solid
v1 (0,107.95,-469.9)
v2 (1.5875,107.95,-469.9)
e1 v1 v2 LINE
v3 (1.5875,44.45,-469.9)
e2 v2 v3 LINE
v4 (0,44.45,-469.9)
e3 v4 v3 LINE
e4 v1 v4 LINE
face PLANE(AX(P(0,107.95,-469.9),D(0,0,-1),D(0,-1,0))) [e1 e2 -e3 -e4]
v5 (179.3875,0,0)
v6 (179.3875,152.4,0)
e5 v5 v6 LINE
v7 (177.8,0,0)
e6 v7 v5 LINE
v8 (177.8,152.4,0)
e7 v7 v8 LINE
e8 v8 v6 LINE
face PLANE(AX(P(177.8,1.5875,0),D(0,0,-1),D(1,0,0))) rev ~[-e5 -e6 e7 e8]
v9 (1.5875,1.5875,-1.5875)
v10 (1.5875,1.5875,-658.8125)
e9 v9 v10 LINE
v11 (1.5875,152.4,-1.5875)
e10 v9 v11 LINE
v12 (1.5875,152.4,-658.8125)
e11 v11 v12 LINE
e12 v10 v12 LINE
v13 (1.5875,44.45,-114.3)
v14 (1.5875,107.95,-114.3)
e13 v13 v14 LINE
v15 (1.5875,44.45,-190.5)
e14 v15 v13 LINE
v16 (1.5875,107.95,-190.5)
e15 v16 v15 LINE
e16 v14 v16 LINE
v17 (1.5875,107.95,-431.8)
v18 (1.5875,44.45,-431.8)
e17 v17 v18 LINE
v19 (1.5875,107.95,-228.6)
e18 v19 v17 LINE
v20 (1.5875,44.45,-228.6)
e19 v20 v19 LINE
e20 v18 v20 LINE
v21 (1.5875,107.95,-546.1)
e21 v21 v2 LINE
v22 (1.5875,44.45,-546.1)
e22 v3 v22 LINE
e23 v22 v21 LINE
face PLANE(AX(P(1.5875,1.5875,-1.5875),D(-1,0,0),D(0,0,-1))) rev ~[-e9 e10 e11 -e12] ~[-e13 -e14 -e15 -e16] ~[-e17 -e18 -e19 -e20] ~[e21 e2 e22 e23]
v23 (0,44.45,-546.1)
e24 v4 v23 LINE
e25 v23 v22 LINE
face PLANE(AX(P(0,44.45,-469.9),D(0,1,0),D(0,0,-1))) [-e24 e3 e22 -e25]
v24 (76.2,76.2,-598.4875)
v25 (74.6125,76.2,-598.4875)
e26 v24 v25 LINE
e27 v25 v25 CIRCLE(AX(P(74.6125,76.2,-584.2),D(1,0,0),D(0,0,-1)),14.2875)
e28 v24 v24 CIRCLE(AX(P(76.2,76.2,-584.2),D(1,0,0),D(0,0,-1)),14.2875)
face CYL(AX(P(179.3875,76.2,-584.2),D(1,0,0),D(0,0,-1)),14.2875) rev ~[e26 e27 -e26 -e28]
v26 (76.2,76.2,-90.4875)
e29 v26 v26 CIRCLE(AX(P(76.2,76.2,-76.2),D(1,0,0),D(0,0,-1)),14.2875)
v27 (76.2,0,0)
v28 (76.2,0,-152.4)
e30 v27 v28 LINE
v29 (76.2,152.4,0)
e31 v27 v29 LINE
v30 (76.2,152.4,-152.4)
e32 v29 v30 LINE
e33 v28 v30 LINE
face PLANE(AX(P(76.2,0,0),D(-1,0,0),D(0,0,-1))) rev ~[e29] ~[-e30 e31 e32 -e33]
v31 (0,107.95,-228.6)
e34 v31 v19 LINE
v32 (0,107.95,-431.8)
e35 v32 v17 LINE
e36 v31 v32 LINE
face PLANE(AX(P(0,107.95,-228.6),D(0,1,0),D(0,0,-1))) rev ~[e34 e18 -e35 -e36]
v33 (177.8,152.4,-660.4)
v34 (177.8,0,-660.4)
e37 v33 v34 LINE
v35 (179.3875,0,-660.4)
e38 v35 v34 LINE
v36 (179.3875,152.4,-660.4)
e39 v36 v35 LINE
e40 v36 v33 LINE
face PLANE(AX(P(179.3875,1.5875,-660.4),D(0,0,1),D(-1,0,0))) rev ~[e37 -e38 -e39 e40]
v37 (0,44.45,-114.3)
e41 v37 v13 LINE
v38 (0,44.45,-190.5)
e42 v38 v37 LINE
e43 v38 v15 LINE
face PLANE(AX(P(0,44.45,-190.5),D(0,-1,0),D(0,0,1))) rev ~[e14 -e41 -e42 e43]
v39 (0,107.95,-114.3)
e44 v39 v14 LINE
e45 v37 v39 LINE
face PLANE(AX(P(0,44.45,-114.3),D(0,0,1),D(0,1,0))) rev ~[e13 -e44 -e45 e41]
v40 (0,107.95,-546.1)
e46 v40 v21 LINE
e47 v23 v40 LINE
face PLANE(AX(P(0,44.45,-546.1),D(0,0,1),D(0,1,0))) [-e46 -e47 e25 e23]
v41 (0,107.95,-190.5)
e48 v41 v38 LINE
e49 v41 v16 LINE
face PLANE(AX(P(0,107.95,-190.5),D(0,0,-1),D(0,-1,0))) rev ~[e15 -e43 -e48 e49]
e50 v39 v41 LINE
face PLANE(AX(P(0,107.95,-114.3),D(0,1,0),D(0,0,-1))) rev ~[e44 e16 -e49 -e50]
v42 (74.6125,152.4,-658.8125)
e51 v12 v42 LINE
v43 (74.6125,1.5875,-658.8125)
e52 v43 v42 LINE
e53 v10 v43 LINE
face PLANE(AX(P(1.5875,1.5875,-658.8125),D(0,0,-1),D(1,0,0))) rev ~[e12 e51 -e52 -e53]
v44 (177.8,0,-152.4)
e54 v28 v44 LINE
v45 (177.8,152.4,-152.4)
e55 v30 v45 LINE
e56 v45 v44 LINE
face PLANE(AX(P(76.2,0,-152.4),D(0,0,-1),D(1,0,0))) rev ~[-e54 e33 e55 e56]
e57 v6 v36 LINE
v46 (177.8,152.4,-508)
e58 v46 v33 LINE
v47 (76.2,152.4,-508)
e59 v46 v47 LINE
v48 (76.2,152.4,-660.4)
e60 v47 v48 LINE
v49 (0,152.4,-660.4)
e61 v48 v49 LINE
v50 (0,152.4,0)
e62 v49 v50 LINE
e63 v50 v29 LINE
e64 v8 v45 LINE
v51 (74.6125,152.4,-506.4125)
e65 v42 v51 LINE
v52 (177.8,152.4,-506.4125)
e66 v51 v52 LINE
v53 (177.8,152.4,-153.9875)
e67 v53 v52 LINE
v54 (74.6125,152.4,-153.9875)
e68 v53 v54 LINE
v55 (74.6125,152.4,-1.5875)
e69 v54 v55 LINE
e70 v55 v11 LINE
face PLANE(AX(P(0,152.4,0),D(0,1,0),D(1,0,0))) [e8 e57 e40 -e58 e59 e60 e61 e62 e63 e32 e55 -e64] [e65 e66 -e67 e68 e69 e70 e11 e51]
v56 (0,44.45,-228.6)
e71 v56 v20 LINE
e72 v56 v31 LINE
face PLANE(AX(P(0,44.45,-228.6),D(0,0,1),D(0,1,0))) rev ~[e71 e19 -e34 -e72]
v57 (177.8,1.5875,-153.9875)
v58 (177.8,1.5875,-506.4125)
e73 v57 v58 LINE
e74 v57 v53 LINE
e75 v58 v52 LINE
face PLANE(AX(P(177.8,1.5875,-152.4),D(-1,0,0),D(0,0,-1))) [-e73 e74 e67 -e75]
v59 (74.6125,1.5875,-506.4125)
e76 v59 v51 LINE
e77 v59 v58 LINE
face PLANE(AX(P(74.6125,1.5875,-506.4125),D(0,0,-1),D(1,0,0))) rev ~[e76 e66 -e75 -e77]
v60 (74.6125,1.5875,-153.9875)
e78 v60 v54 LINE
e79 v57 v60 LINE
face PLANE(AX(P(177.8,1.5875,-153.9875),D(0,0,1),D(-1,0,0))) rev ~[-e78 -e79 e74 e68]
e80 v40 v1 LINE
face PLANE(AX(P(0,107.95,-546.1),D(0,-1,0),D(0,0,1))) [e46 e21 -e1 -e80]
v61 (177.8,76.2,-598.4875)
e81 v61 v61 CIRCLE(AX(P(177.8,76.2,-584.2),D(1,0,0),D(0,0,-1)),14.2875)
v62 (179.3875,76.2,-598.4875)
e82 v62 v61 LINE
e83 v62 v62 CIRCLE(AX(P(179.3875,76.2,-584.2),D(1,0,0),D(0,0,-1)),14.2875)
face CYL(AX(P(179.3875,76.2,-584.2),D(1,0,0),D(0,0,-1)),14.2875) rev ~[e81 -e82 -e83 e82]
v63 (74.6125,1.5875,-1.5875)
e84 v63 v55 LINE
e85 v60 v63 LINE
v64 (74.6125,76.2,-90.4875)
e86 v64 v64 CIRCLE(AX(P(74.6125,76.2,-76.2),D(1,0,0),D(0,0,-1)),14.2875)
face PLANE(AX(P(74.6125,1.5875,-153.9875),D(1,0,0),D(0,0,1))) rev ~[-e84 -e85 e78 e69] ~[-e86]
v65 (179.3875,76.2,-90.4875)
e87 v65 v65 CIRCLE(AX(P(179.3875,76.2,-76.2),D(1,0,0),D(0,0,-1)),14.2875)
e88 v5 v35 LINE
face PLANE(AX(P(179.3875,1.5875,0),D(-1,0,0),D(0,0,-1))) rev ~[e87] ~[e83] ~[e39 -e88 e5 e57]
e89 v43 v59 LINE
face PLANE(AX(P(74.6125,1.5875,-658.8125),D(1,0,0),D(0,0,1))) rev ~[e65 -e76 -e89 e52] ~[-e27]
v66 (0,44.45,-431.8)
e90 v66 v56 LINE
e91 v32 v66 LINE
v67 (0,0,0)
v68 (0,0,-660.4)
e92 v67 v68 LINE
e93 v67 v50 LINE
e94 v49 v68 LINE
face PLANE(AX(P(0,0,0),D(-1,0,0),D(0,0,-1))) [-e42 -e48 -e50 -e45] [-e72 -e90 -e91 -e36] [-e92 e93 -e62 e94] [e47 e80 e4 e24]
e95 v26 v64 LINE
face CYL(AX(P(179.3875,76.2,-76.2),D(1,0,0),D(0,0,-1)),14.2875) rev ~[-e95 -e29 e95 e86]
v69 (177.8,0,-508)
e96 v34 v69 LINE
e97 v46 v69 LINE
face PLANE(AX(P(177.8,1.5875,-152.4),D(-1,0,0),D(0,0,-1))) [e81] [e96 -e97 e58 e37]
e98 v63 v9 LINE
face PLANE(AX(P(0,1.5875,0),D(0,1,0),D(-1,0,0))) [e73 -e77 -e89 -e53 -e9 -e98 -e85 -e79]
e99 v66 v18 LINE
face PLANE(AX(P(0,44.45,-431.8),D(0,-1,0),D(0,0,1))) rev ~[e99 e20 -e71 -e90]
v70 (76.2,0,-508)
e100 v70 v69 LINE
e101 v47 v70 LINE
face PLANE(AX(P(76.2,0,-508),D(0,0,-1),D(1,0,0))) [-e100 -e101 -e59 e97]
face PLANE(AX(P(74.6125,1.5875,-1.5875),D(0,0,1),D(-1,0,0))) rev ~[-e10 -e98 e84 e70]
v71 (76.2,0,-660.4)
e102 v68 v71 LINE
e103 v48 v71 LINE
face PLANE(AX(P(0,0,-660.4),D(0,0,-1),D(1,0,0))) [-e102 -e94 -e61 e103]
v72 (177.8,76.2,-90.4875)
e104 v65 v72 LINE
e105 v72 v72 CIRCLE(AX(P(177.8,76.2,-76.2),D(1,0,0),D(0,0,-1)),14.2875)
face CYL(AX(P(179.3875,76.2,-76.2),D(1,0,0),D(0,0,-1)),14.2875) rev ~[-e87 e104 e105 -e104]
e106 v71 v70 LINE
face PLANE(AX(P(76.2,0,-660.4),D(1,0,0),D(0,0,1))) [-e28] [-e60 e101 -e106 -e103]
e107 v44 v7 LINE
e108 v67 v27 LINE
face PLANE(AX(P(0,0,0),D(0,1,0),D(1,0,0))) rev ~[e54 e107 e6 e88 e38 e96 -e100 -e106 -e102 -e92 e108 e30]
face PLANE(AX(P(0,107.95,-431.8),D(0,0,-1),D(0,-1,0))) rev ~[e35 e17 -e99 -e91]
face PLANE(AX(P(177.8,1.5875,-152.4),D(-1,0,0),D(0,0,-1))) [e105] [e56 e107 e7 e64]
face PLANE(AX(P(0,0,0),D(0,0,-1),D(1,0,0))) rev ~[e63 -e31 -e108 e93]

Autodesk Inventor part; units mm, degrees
ref_plane "YZ Plane" through (0, 0, 0) normal (1, 0, 0) x (0, 1, 0)
ref_plane "XZ Plane" through (0, 0, 0) normal (0, 1, 0) x (-1, 0, 0)
ref_plane "XY Plane" through (0, 0, 0) normal (0, 0, 1) x (1, 0, 0)
sketch "Sketch1" plane through (0, 0, 0) normal (0, 1, 0) x (-1, 0, 0)
  line L0 (0, 0) -> (-76.2, 0)
  line L1 (-76.2, 0) -> (-76.2, -152.4)
  line L2 (-76.2, -152.4) -> (-177.8, -152.4)
  line L3 (0, -660.4) -> (-76.2, -660.4)
  line L4 (-76.2, -660.4) -> (-76.2, -508)
  line L5 (-76.2, -508) -> (-177.8, -508)
  line L6 (0, 0) -> (0, -660.4)
  line L7 (-177.8, -152.4) -> (-177.8, -508)
  dimension "d4" = 660.4
  dimension "d91" = 152.4
  dimension "d92" = 152.4
  dimension "d95" = 177.8
  dimension "d96" = 101.6
  dimension "d97" = 101.6
  dimension "d98" = 177.8
extrude "Extrusion1" add sketch "Sketch1" along normal blind 1.5875
sketch "Sketch3" plane through (0, 1.5875, 0) normal (0, 1, 0) x (1, 0, 0)
  line L0 (0, 0) -> (76.2, 0) projected
  line L1 (76.2, 0) -> (76.2, 152.4) projected
  line L2 (76.2, 152.4) -> (177.8, 152.4) projected
  line L3 (177.8, 152.4) -> (177.8, 508) projected
  line L4 (177.8, 508) -> (76.2, 508) projected
  line L5 (76.2, 508) -> (76.2, 660.4) projected
  line L6 (76.2, 660.4) -> (0, 660.4) projected
  line L7 (0, 660.4) -> (0, 0) projected
  line L8 (1.5875, 658.8125) -> (74.6125, 658.8125)
  line L9 (74.6125, 658.8125) -> (74.6125, 506.4125)
  line L10 (74.6125, 506.4125) -> (177.8, 506.4125)
  line L11 (177.8, 153.9875) -> (74.6125, 153.9875)
  line L12 (74.6125, 153.9875) -> (74.6125, 1.5875)
  line L13 (74.6125, 1.5875) -> (1.5875, 1.5875)
  line L14 (1.5875, 1.5875) -> (1.5875, 658.8125)
  line L15 (177.8, 0) -> (179.3875, 0)
  line L16 (179.3875, 0) -> (179.3875, 660.4)
  line L17 (179.3875, 660.4) -> (177.8, 660.4)
  line L18 (177.8, 660.4) -> (177.8, 0)
  dimension "d114" = 1.5875
  dimension "d115" = 1.5875
  dimension "d116" = 1.5875
extrude "Extrusion4" add sketch "Sketch3" along normal blind 150.8125 contours L7 L6 L5 L4 L3 L10 L9 L8 L14 L13 L12 L11 L2 L1 L0
sketch "Sketch6" plane through (0, 0, -660.4) normal (-1, 0, 0) x (0, 0, 1)
  line L0 (330.2, 152.4) -> (330.2, 0) construction
  line L1 (0, 76.2) -> (660.4, 76.2) construction
  line L2 (228.6, 44.45) -> (431.8, 44.45)
  line L3 (431.8, 44.45) -> (431.8, 107.95)
  line L4 (431.8, 107.95) -> (228.6, 107.95)
  line L5 (228.6, 107.95) -> (228.6, 44.45)
  line L6 (228.6, 44.45) -> (431.8, 107.95) construction
  line L7 (431.8, 44.45) -> (228.6, 107.95) construction
  line L8 (190.5, 44.45) -> (114.3, 44.45)
  line L9 (114.3, 44.45) -> (114.3, 107.95)
  line L10 (114.3, 107.95) -> (190.5, 107.95)
  line L11 (190.5, 107.95) -> (190.5, 44.45)
  line L12 (190.5, 44.45) -> (114.3, 107.95) construction
  line L13 (114.3, 44.45) -> (190.5, 107.95) construction
  line L14 (469.9, 44.45) -> (546.1, 44.45)
  line L15 (546.1, 44.45) -> (546.1, 107.95)
  line L16 (546.1, 107.95) -> (469.9, 107.95)
  line L17 (469.9, 107.95) -> (469.9, 44.45)
  line L18 (469.9, 44.45) -> (546.1, 107.95) construction
  line L19 (546.1, 44.45) -> (469.9, 107.95) construction
  line L20 (0, 152.4) -> (660.4, 152.4) projected
  line L21 (0, 0) -> (0, 152.4) projected
  point P0 (330.2, 76.2)
  point P1 (152.4, 76.2)
  point P2 (508, 76.2)
  dimension "d21" = 203.2
  dimension "d22" = 63.5
  dimension "d23" = 76.2
  dimension "d24" = 63.5
  dimension "d25" = 38.1
  dimension "d26" = 76.2
  dimension "d27" = 63.5
  dimension "d28" = 38.1
extrude "Extrusion6" add sketch "Sketch3" along normal blind 150.8125 and the other way blind 1.5875 contours L3 L18 L17 L16 L15
extrude "Extrusion7" cut sketch "Sketch6" against normal up to surface (1.5875 mm away)
sketch "Sketch8" plane through (179.3875, 0, -660.4) normal (1, 0, 0) x (0, 0, -1)
  circle A0 centre (-584.2, 76.2) radius 14.2875
  circle A1 centre (-76.2, 76.2) radius 14.2875
  line L0 (-660.4, 152.4) -> (0, 152.4) projected
  line L1 (-660.4, 0) -> (-660.4, 152.4) projected
  line L2 (0, 0) -> (0, 152.4) projected
  dimension "d117" = 28.575
  dimension "d118" = 28.575
  dimension "d119" = 76.2
  dimension "d120" = 76.2
  dimension "d121" = 76.2
  dimension "d122" = 76.2
extrude "Extrusion9" cut sketch "Sketch8" against normal up to surface (104.775 mm away)
equation "\"d96\" = d97"
equation "\"d98\" = d95"
equation "\"d24\" = d22"
equation "\"d27\" = d22"
equation "\"d28\" = d25"
properties part number "DriveHousing" material "Aluminum 6061"
